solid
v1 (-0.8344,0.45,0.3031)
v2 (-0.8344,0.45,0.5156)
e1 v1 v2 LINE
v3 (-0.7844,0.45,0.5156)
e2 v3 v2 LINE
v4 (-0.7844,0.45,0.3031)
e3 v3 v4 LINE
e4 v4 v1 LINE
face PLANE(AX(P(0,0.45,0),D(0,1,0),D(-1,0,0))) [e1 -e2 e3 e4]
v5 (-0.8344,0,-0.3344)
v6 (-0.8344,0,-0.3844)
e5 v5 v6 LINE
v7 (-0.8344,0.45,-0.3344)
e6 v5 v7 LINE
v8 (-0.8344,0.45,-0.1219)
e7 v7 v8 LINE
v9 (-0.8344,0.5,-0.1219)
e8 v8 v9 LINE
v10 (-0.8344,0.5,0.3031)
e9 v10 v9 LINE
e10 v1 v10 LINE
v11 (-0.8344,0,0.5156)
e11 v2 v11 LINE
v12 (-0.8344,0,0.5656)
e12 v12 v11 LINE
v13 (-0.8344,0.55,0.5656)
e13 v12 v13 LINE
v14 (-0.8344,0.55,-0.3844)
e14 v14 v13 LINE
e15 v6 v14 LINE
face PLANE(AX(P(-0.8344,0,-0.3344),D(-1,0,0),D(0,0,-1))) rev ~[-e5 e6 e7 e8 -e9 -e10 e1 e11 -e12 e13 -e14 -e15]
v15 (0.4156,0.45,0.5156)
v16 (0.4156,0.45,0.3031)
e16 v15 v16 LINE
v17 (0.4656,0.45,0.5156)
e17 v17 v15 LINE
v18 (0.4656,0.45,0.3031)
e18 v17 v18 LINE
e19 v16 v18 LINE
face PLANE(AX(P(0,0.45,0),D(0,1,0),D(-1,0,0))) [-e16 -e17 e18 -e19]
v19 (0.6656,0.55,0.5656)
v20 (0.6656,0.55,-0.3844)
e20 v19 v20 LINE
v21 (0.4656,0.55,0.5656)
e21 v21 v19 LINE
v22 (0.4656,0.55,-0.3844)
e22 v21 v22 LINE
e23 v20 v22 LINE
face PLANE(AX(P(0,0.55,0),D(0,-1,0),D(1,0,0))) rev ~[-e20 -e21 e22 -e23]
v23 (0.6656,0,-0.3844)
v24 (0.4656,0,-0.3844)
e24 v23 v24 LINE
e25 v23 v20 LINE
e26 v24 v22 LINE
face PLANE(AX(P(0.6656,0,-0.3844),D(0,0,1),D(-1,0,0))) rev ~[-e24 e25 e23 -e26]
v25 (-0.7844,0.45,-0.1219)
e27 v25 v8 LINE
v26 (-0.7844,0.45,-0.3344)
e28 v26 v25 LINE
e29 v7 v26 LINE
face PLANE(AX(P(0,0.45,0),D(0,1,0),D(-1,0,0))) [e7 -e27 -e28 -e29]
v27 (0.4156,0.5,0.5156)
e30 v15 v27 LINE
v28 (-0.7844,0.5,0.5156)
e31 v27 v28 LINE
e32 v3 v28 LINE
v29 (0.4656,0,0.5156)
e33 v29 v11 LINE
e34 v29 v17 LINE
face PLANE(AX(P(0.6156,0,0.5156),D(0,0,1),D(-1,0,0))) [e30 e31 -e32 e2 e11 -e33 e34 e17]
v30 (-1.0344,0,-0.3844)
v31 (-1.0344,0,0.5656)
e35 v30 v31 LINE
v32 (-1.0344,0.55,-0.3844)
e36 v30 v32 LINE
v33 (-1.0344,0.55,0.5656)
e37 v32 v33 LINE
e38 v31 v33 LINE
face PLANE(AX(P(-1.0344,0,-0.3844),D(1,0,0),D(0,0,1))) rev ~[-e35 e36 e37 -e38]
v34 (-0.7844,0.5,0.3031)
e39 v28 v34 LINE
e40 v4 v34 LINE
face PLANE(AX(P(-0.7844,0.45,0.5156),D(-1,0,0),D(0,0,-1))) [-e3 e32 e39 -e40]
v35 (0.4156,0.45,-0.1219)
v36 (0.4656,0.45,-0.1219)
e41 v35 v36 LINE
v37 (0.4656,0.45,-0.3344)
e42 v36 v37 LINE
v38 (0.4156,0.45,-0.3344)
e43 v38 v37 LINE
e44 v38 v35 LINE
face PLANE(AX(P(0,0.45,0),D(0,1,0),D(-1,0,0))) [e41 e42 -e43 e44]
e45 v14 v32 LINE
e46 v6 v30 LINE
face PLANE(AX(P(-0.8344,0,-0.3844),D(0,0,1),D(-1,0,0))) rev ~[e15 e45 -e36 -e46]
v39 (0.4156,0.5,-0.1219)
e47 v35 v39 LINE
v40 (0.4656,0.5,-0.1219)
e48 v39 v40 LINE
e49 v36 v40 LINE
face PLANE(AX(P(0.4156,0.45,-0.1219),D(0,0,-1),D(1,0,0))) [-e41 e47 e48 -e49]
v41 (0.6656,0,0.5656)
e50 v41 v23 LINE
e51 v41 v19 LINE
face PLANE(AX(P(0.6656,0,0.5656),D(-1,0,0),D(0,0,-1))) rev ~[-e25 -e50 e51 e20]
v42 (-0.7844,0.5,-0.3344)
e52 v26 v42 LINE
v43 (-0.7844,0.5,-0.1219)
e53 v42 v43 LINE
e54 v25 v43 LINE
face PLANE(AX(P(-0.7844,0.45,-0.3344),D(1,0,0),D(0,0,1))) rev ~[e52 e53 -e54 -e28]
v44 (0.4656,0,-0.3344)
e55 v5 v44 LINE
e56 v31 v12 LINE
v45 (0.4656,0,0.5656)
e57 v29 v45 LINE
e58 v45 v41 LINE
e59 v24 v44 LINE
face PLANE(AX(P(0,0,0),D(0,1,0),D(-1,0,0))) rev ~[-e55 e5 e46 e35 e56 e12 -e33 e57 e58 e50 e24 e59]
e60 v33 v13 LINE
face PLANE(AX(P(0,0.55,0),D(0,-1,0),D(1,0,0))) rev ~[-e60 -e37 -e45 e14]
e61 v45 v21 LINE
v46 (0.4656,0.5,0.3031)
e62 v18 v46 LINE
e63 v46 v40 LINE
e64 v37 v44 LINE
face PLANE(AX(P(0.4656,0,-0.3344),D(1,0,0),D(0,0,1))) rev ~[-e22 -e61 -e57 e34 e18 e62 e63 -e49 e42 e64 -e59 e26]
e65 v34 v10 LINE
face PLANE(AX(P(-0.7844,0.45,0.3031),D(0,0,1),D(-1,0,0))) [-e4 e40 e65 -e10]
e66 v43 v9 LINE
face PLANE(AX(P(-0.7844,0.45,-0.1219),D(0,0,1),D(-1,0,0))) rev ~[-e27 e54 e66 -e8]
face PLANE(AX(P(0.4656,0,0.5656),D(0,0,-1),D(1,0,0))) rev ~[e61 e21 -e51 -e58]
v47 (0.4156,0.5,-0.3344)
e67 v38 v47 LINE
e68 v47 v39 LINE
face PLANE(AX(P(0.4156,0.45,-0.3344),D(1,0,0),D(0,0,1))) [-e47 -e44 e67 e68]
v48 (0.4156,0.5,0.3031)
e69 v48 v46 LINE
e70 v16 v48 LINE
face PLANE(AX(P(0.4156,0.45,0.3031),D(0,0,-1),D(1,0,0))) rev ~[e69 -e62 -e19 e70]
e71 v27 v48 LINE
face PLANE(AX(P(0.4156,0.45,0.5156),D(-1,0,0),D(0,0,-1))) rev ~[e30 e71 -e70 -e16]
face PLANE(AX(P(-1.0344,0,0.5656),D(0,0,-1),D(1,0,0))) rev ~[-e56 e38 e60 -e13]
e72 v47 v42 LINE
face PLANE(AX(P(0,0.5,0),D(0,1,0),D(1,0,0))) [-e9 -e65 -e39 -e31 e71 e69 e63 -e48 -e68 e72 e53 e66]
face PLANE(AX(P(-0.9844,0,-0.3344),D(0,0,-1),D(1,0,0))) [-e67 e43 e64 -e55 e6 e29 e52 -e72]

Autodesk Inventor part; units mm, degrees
ref_plane "YZ Plane" through (0, 0, 0) normal (1, 0, 0) x (0, 1, 0)
ref_plane "XZ Plane" through (0, 0, 0) normal (0, 1, 0) x (-1, 0, 0)
ref_plane "XY Plane" through (0, 0, 0) normal (0, 0, 1) x (1, 0, 0)
sketch "Sketch1" plane through (0, 0, 0) normal (0, 1, 0) x (-1, 0, 0)
  line L0 (-0.6156, 0.5156) -> (0.9844, 0.5156)
  line L1 (0.9844, 0.5156) -> (0.9844, -0.3344)
  line L2 (0.9844, -0.3344) -> (-0.6156, -0.3344)
  line L3 (-0.6156, -0.3344) -> (-0.6156, 0.5156)
  point P0 (0, 0)
  dimension "d0" = 1.6
  dimension "d1" = 0.85
extrude "Extrusion1" add sketch "Sketch1" along normal blind 0.45
sketch "Sketch2" plane through (0, 0, 0) normal (0, -1, 0) x (1, 0, 0)
  line L0 (-0.9844, -0.3344) -> (0.6156, -0.3344) projected
  line L1 (0.6156, -0.3344) -> (0.6156, 0.5156) projected
  line L2 (-1.0344, 0.5656) -> (-0.8344, 0.5656)
  line L3 (-0.8344, 0.5656) -> (-0.8344, -0.3844)
  line L4 (-0.8344, -0.3844) -> (-1.0344, -0.3844)
  line L5 (-1.0344, -0.3844) -> (-1.0344, 0.5656)
  line L6 (0.4656, 0.5656) -> (0.6656, 0.5656)
  line L7 (0.6656, 0.5656) -> (0.6656, -0.3844)
  line L8 (0.6656, -0.3844) -> (0.4656, -0.3844)
  line L9 (0.4656, -0.3844) -> (0.4656, 0.5656)
  point P0 (0, 0)
  dimension "d4" = 0.2
  dimension "d5" = 0.2
  dimension "d6" = 1.7
  dimension "d8" = 0.05
  dimension "d9" = 0.95
  dimension "d10" = 0.95
  dimension "d11" = 0.05
  dimension "d12" = 0.05
extrude "Extrusion2" add sketch "Sketch2" against normal blind 0.55
sketch "Sketch3" plane through (0, 0.45, 0) normal (0, 1, 0) x (1, 0, 0)
  line L0 (0.4656, -0.5156) -> (0.4656, 0.3344) projected
  line L1 (0.4656, 0.3344) -> (-0.8344, 0.3344) projected
  line L2 (-0.8344, 0.3344) -> (0.4656, 0.3344)
  line L3 (0.4656, 0.3344) -> (0.4656, -0.5156)
  line L4 (0.4656, -0.5156) -> (-0.8344, -0.5156)
  line L5 (-0.8344, -0.5156) -> (-0.8344, 0.3344)
  line L6 (-0.8344, 0.3344) -> (-0.7844, 0.3344)
  line L7 (-0.7844, 0.3344) -> (-0.7844, 0.1219)
  line L8 (-0.7844, 0.1219) -> (-0.8344, 0.1219)
  line L9 (-0.8344, 0.1219) -> (-0.8344, 0.3344)
  line L10 (-0.8344, -0.5156) -> (-0.7844, -0.5156)
  line L11 (-0.7844, -0.5156) -> (-0.7844, -0.3031)
  line L12 (-0.7844, -0.3031) -> (-0.8344, -0.3031)
  line L13 (-0.8344, -0.3031) -> (-0.8344, -0.5156)
  line L14 (0.4656, 0.3344) -> (0.4156, 0.3344)
  line L15 (0.4156, 0.3344) -> (0.4156, 0.1219)
  line L16 (0.4156, 0.1219) -> (0.4656, 0.1219)
  line L17 (0.4656, 0.1219) -> (0.4656, 0.3344)
  line L18 (0.4656, -0.5156) -> (0.4156, -0.5156)
  line L19 (0.4156, -0.5156) -> (0.4156, -0.3031)
  line L20 (0.4156, -0.3031) -> (0.4656, -0.3031)
  line L21 (0.4656, -0.3031) -> (0.4656, -0.5156)
  point P0 (0, 0)
  dimension "d15" = 0.05
  dimension "d16" = 0.05
  dimension "d17" = 0.05
  dimension "d18" = 0.05
  dimension "d19" = 0.2125
  dimension "d20" = 0.2125
  dimension "d21" = 0.2125
  dimension "d22" = 0.2125
extrude "Extrusion3" add sketch "Sketch3" along normal blind 0.05 contours L20 L19 L4 L11 L12 L5 L8 L7 L1 L15 L16 L0
properties part number "0603Resistor"
